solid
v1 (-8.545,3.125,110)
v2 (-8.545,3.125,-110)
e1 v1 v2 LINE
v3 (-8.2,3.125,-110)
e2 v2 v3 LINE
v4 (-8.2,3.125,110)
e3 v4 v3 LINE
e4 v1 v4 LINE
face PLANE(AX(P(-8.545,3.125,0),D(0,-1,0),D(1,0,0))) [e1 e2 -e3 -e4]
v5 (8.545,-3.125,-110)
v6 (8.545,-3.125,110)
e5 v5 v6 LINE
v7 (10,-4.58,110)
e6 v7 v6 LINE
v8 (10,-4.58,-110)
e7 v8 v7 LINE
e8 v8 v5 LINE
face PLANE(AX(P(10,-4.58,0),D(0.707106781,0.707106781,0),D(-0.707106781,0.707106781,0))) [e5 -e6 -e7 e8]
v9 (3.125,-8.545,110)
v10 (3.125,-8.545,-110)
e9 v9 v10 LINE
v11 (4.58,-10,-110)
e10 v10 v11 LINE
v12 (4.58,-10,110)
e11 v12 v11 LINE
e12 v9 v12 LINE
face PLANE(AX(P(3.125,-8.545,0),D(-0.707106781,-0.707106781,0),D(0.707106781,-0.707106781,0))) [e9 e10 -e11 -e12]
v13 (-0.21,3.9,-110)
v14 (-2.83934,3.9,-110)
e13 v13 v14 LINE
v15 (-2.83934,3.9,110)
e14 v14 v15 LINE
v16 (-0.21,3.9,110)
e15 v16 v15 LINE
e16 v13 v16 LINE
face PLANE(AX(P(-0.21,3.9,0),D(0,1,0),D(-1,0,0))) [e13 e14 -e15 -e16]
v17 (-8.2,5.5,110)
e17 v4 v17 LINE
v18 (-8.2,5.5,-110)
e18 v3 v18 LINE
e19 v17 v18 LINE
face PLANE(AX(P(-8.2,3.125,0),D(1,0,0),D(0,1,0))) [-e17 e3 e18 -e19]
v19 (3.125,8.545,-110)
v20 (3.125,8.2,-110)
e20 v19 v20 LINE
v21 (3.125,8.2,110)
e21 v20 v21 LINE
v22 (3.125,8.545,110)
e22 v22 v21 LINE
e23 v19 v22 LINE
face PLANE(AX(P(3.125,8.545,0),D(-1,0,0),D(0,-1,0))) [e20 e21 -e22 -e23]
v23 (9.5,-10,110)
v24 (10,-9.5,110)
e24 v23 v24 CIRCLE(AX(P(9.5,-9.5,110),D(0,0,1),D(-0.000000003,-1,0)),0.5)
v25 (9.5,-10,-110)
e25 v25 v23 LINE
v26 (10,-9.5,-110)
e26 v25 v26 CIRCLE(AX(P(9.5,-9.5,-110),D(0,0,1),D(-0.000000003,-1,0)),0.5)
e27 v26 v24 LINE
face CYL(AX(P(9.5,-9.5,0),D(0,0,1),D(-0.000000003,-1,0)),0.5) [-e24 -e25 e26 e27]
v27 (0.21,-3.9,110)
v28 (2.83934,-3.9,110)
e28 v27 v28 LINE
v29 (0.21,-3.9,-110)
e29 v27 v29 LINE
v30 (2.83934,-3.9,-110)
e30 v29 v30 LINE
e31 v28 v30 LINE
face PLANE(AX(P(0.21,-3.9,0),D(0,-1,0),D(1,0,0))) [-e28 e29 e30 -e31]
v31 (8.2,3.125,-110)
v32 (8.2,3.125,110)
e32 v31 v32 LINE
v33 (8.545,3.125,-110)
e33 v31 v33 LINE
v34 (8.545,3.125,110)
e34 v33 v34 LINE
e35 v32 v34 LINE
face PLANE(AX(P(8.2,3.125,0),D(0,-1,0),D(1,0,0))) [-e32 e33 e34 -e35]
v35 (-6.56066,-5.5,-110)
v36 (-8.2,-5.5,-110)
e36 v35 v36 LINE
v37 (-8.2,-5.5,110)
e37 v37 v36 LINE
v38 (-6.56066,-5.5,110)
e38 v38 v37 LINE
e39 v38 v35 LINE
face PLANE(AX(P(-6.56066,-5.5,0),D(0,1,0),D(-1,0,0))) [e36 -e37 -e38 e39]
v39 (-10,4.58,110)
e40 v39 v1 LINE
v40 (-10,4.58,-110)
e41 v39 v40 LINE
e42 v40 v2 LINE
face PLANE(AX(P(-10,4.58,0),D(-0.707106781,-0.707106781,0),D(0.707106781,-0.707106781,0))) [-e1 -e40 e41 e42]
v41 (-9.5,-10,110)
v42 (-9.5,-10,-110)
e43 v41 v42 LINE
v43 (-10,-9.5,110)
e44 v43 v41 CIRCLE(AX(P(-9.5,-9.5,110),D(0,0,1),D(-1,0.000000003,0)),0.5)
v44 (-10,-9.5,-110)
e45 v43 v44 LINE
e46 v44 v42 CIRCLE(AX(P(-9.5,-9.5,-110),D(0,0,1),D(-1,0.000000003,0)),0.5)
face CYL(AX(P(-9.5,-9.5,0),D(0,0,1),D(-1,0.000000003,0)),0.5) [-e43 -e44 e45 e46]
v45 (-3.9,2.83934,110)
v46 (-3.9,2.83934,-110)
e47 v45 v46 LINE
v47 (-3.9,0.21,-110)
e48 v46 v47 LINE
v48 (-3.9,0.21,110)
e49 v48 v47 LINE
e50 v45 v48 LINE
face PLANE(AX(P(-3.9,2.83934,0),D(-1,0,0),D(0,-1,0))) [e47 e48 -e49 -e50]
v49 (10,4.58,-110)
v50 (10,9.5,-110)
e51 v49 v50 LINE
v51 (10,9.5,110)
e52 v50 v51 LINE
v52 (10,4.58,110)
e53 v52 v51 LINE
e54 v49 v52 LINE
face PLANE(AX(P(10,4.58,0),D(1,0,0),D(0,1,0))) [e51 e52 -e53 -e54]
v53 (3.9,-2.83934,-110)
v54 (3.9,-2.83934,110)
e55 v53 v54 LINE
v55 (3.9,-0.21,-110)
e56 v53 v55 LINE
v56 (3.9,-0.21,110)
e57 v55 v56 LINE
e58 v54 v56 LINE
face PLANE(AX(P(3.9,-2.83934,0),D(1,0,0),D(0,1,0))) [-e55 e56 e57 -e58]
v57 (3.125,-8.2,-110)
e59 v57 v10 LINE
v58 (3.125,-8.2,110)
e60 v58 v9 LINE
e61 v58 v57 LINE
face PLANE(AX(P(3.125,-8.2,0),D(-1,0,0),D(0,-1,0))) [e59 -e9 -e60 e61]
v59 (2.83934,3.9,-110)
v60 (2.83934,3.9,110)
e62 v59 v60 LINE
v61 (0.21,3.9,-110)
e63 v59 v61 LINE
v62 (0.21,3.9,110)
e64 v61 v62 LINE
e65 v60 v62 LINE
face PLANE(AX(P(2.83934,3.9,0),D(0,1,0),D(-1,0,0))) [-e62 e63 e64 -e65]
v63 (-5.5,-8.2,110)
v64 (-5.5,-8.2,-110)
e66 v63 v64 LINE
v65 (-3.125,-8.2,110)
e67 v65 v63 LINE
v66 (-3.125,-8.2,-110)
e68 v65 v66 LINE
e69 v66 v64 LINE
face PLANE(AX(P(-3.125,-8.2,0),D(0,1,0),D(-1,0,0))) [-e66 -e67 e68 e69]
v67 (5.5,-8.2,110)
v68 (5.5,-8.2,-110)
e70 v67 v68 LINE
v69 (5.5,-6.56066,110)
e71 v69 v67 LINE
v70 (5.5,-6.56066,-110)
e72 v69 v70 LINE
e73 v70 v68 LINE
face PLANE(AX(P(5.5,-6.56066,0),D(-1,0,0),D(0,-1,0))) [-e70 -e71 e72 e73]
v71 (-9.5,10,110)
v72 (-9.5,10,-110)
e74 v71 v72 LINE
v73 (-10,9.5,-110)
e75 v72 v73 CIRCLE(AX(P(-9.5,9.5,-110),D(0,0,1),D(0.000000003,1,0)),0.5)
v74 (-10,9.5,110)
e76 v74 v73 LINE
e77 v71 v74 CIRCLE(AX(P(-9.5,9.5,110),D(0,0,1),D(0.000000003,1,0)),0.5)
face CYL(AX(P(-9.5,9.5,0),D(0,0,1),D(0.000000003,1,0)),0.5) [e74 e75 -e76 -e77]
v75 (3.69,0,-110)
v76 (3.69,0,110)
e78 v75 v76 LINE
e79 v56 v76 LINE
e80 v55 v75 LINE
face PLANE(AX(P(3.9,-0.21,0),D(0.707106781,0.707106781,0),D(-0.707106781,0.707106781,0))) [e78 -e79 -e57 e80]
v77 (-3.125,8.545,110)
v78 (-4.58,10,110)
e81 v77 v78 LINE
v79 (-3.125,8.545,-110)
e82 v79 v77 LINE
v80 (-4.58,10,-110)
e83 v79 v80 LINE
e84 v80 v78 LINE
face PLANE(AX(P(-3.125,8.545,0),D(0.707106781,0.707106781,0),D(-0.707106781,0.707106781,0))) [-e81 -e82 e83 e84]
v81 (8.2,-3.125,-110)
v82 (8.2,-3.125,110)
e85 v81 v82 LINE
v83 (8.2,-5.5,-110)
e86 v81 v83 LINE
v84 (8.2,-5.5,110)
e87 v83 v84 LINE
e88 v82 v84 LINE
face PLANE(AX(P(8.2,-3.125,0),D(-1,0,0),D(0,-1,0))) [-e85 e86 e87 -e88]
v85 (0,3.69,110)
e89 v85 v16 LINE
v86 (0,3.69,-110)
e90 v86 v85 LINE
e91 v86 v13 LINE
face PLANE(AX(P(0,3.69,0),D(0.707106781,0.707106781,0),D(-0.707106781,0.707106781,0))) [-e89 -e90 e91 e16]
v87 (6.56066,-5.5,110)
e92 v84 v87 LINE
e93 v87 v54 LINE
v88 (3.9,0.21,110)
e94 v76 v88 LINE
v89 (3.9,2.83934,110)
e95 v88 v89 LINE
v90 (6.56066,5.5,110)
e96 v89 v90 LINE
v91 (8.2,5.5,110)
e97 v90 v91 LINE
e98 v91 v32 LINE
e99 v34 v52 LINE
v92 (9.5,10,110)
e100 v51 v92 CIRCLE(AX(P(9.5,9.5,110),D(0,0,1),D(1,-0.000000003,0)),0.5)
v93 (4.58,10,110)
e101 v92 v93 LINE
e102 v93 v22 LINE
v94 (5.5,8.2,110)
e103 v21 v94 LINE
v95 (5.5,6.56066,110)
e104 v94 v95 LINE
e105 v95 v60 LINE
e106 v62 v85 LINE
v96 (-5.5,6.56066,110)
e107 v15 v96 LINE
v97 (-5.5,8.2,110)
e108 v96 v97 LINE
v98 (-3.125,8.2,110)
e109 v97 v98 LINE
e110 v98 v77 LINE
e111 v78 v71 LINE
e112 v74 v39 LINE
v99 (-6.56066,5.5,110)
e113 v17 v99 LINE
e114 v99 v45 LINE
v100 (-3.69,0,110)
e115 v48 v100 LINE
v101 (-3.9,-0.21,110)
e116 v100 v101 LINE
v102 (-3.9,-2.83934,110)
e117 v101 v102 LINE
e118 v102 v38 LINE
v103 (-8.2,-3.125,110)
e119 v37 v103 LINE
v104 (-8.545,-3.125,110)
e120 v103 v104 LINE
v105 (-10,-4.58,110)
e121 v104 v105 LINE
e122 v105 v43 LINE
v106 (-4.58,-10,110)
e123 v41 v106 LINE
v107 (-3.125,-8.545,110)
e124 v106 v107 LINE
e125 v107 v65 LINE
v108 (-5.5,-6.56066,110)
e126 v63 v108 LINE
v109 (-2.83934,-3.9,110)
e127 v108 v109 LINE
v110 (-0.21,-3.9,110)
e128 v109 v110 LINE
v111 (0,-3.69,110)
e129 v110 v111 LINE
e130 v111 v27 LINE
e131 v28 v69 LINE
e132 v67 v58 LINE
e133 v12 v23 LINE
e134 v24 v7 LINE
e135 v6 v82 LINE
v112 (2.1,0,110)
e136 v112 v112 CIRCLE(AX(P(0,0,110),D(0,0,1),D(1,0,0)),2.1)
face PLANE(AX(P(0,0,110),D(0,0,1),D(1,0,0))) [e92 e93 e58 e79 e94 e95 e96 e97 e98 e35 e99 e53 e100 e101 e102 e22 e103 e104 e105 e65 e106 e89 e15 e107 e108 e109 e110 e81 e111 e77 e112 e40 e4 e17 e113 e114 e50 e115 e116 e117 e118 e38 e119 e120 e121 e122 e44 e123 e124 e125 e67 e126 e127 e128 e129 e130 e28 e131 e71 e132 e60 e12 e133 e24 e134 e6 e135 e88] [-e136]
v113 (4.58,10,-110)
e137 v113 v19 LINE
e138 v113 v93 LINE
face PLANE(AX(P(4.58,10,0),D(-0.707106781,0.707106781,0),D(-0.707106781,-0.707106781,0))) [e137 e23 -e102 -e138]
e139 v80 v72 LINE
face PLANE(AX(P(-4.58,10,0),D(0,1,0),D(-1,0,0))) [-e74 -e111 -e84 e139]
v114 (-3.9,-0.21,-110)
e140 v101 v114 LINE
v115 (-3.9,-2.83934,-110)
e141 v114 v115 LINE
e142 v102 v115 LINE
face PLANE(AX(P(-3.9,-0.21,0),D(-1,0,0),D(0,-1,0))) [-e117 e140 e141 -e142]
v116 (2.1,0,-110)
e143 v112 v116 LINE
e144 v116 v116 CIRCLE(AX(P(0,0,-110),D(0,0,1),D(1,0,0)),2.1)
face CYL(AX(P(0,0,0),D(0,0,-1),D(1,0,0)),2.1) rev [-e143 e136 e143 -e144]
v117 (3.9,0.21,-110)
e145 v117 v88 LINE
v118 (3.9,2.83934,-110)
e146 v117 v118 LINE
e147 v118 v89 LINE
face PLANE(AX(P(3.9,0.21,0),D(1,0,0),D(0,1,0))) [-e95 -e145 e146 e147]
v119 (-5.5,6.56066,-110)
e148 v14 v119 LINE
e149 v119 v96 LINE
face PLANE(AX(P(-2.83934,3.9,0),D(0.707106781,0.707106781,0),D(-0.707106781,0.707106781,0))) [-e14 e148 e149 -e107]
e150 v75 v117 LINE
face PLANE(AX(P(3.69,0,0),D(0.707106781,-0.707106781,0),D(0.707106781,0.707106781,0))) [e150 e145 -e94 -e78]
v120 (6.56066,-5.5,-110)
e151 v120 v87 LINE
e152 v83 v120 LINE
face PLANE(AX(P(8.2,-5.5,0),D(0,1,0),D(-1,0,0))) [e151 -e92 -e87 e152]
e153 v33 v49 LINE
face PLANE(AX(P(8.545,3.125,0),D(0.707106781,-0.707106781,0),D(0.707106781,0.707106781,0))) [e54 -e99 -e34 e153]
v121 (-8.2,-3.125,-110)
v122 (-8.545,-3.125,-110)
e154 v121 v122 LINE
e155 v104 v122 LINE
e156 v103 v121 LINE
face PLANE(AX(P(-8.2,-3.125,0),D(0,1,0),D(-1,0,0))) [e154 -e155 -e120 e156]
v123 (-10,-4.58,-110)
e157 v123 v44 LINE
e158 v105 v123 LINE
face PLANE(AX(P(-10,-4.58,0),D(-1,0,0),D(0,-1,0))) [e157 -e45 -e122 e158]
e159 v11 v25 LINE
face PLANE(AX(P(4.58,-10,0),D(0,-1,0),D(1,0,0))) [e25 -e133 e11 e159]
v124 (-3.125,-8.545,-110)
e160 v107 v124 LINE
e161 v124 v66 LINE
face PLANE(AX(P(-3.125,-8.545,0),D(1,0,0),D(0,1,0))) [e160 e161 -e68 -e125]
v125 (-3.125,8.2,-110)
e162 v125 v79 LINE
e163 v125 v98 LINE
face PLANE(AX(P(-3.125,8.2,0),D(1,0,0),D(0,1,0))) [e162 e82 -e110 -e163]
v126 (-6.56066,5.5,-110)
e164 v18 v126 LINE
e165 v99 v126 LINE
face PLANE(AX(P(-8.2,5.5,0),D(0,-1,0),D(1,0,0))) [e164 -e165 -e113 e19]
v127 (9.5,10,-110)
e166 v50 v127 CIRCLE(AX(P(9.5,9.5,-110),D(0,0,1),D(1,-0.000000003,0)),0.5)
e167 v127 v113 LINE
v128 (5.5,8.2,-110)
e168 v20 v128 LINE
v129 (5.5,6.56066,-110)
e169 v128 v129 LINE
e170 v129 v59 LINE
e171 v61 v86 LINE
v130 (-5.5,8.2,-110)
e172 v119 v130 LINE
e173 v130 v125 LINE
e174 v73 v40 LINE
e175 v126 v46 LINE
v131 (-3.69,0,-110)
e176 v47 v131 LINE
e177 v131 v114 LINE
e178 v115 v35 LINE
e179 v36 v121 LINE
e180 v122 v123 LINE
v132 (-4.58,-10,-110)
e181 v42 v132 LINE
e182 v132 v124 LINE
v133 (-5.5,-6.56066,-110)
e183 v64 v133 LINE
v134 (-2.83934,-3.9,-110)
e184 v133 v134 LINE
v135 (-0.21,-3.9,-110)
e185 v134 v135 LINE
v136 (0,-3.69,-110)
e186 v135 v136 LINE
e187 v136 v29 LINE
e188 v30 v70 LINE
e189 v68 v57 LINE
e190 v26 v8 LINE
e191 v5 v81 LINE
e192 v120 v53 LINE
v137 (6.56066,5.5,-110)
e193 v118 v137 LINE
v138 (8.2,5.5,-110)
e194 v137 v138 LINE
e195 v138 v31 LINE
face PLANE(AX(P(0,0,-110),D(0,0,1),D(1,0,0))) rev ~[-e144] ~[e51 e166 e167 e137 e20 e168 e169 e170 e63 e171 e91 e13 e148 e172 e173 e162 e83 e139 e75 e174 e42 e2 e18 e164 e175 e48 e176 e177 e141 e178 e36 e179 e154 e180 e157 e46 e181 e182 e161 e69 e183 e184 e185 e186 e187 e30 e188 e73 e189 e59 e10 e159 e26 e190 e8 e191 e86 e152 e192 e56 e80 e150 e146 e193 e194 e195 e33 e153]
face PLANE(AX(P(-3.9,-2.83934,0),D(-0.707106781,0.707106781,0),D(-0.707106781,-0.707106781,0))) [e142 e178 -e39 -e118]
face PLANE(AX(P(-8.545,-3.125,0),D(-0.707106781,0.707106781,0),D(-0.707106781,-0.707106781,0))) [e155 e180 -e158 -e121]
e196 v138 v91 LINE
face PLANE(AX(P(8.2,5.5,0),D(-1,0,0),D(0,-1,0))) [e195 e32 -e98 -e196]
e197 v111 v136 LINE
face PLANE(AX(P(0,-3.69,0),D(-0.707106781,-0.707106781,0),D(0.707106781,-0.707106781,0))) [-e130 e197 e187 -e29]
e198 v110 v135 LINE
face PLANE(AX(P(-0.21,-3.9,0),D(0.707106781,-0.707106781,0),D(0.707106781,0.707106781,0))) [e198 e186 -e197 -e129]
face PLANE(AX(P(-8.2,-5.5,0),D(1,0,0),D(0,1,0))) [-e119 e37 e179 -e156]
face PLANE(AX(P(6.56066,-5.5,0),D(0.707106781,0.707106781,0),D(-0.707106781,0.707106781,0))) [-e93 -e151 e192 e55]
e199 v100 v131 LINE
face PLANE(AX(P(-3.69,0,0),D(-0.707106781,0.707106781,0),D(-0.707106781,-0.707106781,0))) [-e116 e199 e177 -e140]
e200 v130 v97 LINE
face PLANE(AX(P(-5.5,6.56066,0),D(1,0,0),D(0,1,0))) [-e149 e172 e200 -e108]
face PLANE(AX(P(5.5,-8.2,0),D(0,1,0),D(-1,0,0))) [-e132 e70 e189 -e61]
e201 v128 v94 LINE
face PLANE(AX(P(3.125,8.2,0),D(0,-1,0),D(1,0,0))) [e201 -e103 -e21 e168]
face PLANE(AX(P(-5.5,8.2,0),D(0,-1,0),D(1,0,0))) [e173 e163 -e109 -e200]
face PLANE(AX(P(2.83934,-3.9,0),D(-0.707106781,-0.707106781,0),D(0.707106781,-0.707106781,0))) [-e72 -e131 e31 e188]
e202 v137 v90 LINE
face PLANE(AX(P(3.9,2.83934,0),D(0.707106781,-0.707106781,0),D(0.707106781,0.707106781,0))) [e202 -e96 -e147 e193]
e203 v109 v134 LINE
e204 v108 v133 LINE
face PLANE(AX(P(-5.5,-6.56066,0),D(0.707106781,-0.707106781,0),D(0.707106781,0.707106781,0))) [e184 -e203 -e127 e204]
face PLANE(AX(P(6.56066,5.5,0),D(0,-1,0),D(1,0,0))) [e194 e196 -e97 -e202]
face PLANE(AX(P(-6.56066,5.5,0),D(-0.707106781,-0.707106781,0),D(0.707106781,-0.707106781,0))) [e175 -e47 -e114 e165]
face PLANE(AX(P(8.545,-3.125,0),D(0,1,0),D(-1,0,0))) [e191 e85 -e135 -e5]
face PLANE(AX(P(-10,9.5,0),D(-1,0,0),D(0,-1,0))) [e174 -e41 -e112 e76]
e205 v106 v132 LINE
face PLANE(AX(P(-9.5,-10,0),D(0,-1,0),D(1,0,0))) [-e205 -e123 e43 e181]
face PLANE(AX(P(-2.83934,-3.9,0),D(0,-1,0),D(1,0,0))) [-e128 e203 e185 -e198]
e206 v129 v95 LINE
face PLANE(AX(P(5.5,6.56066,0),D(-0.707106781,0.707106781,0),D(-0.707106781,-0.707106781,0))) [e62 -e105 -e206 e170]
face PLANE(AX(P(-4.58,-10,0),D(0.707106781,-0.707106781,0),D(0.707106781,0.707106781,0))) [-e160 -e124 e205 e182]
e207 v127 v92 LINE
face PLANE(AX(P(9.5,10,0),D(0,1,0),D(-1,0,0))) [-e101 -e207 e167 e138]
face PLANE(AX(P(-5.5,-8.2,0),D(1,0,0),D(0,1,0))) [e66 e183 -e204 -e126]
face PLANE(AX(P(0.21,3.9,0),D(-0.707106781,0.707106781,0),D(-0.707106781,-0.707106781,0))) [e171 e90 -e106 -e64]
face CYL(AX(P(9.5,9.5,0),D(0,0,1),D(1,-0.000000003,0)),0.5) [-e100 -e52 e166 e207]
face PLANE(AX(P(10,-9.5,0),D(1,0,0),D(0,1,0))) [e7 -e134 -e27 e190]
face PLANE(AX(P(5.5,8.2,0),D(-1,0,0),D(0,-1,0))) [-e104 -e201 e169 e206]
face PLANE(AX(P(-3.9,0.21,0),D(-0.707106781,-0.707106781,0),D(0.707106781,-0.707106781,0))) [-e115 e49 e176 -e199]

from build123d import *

# Parameters (mm, degrees)
SKETCH1_R           = 2.1
BOSS_EXTRUDE1_DEPTH = 110


with BuildPart() as part:
    # Sketch1 → Boss-Extrude1 (new, symmetric)
    with BuildSketch(Plane.XY):
        with BuildLine():
            Line((4.58, -10), (9.5, -10))
            ThreePointArc((9.5, -10), (9.853553391, -9.853553391), (10, -9.5))
            Line((10, -9.5), (10, -4.58))
            Line((10, -4.58), (8.545, -3.125))
            Line((8.545, -3.125), (8.2, -3.125))
            Line((8.2, -3.125), (8.2, -5.5))
            Line((8.2, -5.5), (6.560660172, -5.5))
            Line((6.560660172, -5.5), (3.9, -2.839339828))
            Line((3.9, -2.839339828), (3.9, -0.21))
            Line((3.9, -0.21), (3.69, 0))
            Line((3.69, 0), (3.9, 0.21))
            Line((3.9, 0.21), (3.9, 2.839339828))
            Line((3.9, 2.839339828), (6.560660172, 5.5))
            Line((6.560660172, 5.5), (8.2, 5.5))
            Line((8.2, 5.5), (8.2, 3.125))
            Line((8.2, 3.125), (8.545, 3.125))
            Line((8.545, 3.125), (10, 4.58))
            Line((10, 4.58), (10, 9.5))
            ThreePointArc((10, 9.5), (9.853553391, 9.853553391), (9.5, 10))
            Line((9.5, 10), (4.58, 10))
            Line((4.58, 10), (3.125, 8.545))
            Line((3.125, 8.545), (3.125, 8.2))
            Line((3.125, 8.2), (5.5, 8.2))
            Line((5.5, 8.2), (5.5, 6.560660172))
            Line((5.5, 6.560660172), (2.839339828, 3.9))
            Line((2.839339828, 3.9), (0.21, 3.9))
            Line((0.21, 3.9), (0, 3.69))
            Line((0, 3.69), (-0.21, 3.9))
            Line((-0.21, 3.9), (-2.839339828, 3.9))
            Line((-2.839339828, 3.9), (-5.5, 6.560660172))
            Line((-5.5, 6.560660172), (-5.5, 8.2))
            Line((-5.5, 8.2), (-3.125, 8.2))
            Line((-3.125, 8.2), (-3.125, 8.545))
            Line((-3.125, 8.545), (-4.58, 10))
            Line((-4.58, 10), (-9.5, 10))
            ThreePointArc((-9.5, 10), (-9.853553391, 9.853553391), (-10, 9.5))
            Line((-10, 9.5), (-10, 4.58))
            Line((-10, 4.58), (-8.545, 3.125))
            Line((-8.545, 3.125), (-8.2, 3.125))
            Line((-8.2, 3.125), (-8.2, 5.5))
            Line((-8.2, 5.5), (-6.560660172, 5.5))
            Line((-6.560660172, 5.5), (-3.9, 2.839339828))
            Line((-3.9, 2.839339828), (-3.9, 0.21))
            Line((-3.9, 0.21), (-3.69, 0))
            Line((-3.69, 0), (-3.9, -0.21))
            Line((-3.9, -0.21), (-3.9, -2.839339828))
            Line((-3.9, -2.839339828), (-6.560660172, -5.5))
            Line((-6.560660172, -5.5), (-8.2, -5.5))
            Line((-8.2, -5.5), (-8.2, -3.125))
            Line((-8.2, -3.125), (-8.545, -3.125))
            Line((-8.545, -3.125), (-10, -4.58))
            Line((-10, -4.58), (-10, -9.5))
            ThreePointArc((-10, -9.5), (-9.853553391, -9.853553391), (-9.5, -10))
            Line((-9.5, -10), (-4.58, -10))
            Line((-4.58, -10), (-3.125, -8.545))
            Line((-3.125, -8.545), (-3.125, -8.2))
            Line((-3.125, -8.2), (-5.5, -8.2))
            Line((-5.5, -8.2), (-5.5, -6.560660172))
            Line((-5.5, -6.560660172), (-2.839339828, -3.9))
            Line((-2.839339828, -3.9), (-0.21, -3.9))
            Line((-0.21, -3.9), (0, -3.69))
            Line((0, -3.69), (0.21, -3.9))
            Line((0.21, -3.9), (2.839339828, -3.9))
            Line((2.839339828, -3.9), (5.5, -6.560660172))
            Line((5.5, -6.560660172), (5.5, -8.2))
            Line((5.5, -8.2), (3.125, -8.2))
            Line((3.125, -8.2), (3.125, -8.545))
            Line((3.125, -8.545), (4.58, -10))
        make_face()
        Circle(SKETCH1_R, mode=Mode.SUBTRACT)
    extrude(amount=BOSS_EXTRUDE1_DEPTH, both=True)


solid = part.part
